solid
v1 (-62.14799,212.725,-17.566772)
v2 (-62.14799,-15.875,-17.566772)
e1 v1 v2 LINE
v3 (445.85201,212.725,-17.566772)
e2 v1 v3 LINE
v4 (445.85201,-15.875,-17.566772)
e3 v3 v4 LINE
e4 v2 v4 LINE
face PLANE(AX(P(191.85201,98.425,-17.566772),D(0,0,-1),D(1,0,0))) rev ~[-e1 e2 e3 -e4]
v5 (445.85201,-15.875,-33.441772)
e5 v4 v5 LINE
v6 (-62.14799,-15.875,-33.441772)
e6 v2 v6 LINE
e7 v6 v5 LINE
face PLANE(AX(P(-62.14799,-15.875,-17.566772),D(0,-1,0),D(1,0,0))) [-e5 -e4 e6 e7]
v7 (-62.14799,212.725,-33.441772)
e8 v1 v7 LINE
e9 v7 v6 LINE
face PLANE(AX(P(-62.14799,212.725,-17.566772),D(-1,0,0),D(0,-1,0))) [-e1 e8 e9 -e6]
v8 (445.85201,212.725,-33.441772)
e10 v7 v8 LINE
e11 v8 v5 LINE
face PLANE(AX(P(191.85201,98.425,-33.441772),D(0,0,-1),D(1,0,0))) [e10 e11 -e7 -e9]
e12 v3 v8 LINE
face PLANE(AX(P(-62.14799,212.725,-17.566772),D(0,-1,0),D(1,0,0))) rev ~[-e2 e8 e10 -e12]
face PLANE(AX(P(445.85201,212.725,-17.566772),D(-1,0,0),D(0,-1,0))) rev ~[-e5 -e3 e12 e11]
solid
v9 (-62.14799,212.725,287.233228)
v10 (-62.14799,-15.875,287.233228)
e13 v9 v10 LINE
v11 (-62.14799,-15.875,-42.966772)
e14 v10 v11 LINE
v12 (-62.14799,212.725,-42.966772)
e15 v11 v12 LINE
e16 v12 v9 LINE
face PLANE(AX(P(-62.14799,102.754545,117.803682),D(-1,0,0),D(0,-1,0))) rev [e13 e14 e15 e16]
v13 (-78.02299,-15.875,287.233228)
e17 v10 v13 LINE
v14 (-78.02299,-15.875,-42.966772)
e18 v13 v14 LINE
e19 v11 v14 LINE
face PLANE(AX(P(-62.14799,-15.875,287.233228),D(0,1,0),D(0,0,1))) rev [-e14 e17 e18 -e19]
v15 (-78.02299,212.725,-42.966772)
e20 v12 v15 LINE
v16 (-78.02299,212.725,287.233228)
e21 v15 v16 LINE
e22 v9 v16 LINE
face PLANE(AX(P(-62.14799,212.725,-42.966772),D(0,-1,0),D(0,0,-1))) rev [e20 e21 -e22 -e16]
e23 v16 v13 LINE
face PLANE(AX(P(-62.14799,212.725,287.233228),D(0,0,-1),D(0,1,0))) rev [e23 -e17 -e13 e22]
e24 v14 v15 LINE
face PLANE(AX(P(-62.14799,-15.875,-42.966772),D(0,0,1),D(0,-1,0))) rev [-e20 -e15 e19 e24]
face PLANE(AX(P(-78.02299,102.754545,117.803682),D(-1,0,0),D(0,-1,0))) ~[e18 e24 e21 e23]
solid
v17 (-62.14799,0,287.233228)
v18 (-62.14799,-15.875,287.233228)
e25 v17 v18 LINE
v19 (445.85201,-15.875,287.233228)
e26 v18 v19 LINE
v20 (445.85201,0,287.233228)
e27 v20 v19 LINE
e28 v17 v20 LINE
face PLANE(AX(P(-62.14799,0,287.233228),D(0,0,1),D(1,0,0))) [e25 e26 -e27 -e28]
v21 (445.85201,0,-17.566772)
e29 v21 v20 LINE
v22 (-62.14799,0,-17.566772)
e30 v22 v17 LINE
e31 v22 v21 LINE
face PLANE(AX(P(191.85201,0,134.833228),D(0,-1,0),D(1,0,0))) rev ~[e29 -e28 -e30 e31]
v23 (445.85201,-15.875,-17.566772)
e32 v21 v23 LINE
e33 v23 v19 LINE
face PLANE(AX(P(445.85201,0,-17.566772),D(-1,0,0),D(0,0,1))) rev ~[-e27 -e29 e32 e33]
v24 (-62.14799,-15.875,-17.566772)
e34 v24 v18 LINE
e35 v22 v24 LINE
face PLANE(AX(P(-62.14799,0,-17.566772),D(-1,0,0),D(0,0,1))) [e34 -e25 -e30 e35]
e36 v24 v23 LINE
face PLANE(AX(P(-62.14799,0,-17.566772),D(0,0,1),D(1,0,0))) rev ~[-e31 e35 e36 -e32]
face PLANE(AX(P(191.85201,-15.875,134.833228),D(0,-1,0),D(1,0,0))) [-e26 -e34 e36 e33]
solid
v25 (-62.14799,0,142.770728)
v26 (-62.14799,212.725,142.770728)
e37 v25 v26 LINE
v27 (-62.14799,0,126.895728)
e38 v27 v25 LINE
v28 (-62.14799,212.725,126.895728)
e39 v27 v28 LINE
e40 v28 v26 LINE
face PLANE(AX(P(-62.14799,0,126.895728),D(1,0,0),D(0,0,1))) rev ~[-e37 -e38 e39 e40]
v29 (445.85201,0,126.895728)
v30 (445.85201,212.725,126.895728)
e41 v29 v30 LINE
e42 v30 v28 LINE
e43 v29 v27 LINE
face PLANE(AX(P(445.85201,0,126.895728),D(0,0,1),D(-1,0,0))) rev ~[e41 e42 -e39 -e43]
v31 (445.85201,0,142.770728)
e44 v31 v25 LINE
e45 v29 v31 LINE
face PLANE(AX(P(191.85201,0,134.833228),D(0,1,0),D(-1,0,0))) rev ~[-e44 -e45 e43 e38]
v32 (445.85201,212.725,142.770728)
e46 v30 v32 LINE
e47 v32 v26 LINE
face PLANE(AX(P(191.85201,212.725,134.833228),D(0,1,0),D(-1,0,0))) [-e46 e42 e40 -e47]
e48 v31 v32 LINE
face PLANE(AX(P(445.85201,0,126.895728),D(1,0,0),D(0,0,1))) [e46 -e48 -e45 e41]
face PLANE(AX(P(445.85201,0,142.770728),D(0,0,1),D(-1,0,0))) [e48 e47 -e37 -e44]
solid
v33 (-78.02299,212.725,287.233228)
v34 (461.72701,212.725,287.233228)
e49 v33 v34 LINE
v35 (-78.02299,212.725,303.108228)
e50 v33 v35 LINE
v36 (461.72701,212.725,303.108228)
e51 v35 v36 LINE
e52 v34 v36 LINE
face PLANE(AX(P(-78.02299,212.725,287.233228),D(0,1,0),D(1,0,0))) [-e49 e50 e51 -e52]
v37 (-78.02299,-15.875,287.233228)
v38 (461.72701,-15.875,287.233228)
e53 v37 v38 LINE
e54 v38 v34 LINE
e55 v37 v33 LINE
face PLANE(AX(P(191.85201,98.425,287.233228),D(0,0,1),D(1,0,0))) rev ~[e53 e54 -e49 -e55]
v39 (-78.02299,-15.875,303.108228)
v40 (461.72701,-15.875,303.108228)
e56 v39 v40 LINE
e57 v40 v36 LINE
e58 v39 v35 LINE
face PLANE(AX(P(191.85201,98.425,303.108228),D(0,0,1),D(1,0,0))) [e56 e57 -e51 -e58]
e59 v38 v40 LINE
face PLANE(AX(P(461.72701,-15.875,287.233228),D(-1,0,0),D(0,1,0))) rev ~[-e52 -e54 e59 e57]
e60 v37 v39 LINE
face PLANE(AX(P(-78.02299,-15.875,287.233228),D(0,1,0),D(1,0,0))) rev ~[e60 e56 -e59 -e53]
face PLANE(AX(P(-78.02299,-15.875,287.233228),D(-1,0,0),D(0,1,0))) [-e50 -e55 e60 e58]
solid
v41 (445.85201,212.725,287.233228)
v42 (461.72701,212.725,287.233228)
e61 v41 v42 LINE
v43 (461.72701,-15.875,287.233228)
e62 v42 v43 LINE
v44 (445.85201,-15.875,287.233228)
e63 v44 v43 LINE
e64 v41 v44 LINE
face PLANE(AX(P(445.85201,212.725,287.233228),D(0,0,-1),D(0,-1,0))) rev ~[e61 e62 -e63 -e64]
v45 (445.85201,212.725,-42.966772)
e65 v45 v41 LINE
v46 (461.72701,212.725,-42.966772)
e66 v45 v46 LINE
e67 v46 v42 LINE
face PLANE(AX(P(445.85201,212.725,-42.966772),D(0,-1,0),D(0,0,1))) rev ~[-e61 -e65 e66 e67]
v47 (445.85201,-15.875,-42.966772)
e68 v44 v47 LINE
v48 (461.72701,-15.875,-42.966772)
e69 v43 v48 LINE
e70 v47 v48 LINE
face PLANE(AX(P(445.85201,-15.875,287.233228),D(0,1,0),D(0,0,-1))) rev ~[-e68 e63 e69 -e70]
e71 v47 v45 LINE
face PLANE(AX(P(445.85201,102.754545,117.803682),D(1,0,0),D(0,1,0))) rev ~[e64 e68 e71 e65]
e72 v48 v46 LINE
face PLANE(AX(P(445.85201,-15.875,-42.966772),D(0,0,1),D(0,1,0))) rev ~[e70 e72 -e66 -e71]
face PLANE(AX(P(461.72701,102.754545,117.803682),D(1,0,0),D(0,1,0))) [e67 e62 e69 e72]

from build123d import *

# Parameters (mm, degrees)
F0_W      = 508
F0_H      = 304.8
F1_DEPTH  = 15.875
F2_W      = 15.875
F2_H      = 304.8
F3_DEPTH  = 15.875
F9_W      = 539.75
F9_H      = 228.6
F10_DEPTH = 15.875
F11_W     = 508
F11_H     = 228.6
F12_DEPTH = 15.875
F13_W     = 508
F13_H     = 15.875
F14_DEPTH = 212.725


with BuildPart() as f1:
    # F0 (on Front) → F1 (new body)
    with BuildSketch(Plane.XZ):
        with Locations((191.8520101309, 134.8332278222)):
            Rectangle(F0_W, F0_H)
    extrude(amount=F1_DEPTH)


with BuildPart() as f3:
    # F2 (on face) → F3 (new body)
    with BuildSketch(Plane.YZ.offset(445.8520101309)):
        Polygon((212.725, 287.2332278222), (0, 287.2332278222), (0, -17.5667721778), (-15.875, -17.5667721778), (-15.875, -42.9667721778), (212.725, -42.9667721778), align=None)
        with Locations((-7.9375, 134.8332278222)):
            Rectangle(F2_W, F2_H)
    extrude(amount=F3_DEPTH)


with BuildPart() as f8_1:
    # F8: instance of F3
    add(f3.part.mirror(Plane(origin=(191.8520101309, -15.875, 287.2332278222), x_dir=(0, 1, 0), z_dir=(1, 0, 0))))


with BuildPart() as f10:
    # F9 (on face) → F10 (new body)
    with BuildSketch(Plane.XY.offset(287.2332278222)):
        with Locations((191.8520101309, 98.425)):
            Rectangle(F9_W, F9_H)
    extrude(amount=F10_DEPTH)


with BuildPart() as f12:
    # F11 (on face) → F12 (new body)
    with BuildSketch(Plane(origin=(0, 0, -17.5667721778), x_dir=(1, 0, 0), z_dir=(0, 0, -1))):
        with Locations((191.8520101309, -98.425)):
            Rectangle(F11_W, F11_H)
    extrude(amount=F12_DEPTH)


with BuildPart() as f14:
    # F13 (on face) → F14 (new body, through all)
    with BuildSketch(Plane(origin=(0, 0, 0), x_dir=(-1, 0, 0), z_dir=(0, 1, 0))):
        with Locations((-191.8520101309, 134.8332278222)):
            Rectangle(F13_W, F13_H)
    extrude(amount=F14_DEPTH)


solid = Compound([f1.part, f3.part, f8_1.part, f10.part, f12.part, f14.part])
